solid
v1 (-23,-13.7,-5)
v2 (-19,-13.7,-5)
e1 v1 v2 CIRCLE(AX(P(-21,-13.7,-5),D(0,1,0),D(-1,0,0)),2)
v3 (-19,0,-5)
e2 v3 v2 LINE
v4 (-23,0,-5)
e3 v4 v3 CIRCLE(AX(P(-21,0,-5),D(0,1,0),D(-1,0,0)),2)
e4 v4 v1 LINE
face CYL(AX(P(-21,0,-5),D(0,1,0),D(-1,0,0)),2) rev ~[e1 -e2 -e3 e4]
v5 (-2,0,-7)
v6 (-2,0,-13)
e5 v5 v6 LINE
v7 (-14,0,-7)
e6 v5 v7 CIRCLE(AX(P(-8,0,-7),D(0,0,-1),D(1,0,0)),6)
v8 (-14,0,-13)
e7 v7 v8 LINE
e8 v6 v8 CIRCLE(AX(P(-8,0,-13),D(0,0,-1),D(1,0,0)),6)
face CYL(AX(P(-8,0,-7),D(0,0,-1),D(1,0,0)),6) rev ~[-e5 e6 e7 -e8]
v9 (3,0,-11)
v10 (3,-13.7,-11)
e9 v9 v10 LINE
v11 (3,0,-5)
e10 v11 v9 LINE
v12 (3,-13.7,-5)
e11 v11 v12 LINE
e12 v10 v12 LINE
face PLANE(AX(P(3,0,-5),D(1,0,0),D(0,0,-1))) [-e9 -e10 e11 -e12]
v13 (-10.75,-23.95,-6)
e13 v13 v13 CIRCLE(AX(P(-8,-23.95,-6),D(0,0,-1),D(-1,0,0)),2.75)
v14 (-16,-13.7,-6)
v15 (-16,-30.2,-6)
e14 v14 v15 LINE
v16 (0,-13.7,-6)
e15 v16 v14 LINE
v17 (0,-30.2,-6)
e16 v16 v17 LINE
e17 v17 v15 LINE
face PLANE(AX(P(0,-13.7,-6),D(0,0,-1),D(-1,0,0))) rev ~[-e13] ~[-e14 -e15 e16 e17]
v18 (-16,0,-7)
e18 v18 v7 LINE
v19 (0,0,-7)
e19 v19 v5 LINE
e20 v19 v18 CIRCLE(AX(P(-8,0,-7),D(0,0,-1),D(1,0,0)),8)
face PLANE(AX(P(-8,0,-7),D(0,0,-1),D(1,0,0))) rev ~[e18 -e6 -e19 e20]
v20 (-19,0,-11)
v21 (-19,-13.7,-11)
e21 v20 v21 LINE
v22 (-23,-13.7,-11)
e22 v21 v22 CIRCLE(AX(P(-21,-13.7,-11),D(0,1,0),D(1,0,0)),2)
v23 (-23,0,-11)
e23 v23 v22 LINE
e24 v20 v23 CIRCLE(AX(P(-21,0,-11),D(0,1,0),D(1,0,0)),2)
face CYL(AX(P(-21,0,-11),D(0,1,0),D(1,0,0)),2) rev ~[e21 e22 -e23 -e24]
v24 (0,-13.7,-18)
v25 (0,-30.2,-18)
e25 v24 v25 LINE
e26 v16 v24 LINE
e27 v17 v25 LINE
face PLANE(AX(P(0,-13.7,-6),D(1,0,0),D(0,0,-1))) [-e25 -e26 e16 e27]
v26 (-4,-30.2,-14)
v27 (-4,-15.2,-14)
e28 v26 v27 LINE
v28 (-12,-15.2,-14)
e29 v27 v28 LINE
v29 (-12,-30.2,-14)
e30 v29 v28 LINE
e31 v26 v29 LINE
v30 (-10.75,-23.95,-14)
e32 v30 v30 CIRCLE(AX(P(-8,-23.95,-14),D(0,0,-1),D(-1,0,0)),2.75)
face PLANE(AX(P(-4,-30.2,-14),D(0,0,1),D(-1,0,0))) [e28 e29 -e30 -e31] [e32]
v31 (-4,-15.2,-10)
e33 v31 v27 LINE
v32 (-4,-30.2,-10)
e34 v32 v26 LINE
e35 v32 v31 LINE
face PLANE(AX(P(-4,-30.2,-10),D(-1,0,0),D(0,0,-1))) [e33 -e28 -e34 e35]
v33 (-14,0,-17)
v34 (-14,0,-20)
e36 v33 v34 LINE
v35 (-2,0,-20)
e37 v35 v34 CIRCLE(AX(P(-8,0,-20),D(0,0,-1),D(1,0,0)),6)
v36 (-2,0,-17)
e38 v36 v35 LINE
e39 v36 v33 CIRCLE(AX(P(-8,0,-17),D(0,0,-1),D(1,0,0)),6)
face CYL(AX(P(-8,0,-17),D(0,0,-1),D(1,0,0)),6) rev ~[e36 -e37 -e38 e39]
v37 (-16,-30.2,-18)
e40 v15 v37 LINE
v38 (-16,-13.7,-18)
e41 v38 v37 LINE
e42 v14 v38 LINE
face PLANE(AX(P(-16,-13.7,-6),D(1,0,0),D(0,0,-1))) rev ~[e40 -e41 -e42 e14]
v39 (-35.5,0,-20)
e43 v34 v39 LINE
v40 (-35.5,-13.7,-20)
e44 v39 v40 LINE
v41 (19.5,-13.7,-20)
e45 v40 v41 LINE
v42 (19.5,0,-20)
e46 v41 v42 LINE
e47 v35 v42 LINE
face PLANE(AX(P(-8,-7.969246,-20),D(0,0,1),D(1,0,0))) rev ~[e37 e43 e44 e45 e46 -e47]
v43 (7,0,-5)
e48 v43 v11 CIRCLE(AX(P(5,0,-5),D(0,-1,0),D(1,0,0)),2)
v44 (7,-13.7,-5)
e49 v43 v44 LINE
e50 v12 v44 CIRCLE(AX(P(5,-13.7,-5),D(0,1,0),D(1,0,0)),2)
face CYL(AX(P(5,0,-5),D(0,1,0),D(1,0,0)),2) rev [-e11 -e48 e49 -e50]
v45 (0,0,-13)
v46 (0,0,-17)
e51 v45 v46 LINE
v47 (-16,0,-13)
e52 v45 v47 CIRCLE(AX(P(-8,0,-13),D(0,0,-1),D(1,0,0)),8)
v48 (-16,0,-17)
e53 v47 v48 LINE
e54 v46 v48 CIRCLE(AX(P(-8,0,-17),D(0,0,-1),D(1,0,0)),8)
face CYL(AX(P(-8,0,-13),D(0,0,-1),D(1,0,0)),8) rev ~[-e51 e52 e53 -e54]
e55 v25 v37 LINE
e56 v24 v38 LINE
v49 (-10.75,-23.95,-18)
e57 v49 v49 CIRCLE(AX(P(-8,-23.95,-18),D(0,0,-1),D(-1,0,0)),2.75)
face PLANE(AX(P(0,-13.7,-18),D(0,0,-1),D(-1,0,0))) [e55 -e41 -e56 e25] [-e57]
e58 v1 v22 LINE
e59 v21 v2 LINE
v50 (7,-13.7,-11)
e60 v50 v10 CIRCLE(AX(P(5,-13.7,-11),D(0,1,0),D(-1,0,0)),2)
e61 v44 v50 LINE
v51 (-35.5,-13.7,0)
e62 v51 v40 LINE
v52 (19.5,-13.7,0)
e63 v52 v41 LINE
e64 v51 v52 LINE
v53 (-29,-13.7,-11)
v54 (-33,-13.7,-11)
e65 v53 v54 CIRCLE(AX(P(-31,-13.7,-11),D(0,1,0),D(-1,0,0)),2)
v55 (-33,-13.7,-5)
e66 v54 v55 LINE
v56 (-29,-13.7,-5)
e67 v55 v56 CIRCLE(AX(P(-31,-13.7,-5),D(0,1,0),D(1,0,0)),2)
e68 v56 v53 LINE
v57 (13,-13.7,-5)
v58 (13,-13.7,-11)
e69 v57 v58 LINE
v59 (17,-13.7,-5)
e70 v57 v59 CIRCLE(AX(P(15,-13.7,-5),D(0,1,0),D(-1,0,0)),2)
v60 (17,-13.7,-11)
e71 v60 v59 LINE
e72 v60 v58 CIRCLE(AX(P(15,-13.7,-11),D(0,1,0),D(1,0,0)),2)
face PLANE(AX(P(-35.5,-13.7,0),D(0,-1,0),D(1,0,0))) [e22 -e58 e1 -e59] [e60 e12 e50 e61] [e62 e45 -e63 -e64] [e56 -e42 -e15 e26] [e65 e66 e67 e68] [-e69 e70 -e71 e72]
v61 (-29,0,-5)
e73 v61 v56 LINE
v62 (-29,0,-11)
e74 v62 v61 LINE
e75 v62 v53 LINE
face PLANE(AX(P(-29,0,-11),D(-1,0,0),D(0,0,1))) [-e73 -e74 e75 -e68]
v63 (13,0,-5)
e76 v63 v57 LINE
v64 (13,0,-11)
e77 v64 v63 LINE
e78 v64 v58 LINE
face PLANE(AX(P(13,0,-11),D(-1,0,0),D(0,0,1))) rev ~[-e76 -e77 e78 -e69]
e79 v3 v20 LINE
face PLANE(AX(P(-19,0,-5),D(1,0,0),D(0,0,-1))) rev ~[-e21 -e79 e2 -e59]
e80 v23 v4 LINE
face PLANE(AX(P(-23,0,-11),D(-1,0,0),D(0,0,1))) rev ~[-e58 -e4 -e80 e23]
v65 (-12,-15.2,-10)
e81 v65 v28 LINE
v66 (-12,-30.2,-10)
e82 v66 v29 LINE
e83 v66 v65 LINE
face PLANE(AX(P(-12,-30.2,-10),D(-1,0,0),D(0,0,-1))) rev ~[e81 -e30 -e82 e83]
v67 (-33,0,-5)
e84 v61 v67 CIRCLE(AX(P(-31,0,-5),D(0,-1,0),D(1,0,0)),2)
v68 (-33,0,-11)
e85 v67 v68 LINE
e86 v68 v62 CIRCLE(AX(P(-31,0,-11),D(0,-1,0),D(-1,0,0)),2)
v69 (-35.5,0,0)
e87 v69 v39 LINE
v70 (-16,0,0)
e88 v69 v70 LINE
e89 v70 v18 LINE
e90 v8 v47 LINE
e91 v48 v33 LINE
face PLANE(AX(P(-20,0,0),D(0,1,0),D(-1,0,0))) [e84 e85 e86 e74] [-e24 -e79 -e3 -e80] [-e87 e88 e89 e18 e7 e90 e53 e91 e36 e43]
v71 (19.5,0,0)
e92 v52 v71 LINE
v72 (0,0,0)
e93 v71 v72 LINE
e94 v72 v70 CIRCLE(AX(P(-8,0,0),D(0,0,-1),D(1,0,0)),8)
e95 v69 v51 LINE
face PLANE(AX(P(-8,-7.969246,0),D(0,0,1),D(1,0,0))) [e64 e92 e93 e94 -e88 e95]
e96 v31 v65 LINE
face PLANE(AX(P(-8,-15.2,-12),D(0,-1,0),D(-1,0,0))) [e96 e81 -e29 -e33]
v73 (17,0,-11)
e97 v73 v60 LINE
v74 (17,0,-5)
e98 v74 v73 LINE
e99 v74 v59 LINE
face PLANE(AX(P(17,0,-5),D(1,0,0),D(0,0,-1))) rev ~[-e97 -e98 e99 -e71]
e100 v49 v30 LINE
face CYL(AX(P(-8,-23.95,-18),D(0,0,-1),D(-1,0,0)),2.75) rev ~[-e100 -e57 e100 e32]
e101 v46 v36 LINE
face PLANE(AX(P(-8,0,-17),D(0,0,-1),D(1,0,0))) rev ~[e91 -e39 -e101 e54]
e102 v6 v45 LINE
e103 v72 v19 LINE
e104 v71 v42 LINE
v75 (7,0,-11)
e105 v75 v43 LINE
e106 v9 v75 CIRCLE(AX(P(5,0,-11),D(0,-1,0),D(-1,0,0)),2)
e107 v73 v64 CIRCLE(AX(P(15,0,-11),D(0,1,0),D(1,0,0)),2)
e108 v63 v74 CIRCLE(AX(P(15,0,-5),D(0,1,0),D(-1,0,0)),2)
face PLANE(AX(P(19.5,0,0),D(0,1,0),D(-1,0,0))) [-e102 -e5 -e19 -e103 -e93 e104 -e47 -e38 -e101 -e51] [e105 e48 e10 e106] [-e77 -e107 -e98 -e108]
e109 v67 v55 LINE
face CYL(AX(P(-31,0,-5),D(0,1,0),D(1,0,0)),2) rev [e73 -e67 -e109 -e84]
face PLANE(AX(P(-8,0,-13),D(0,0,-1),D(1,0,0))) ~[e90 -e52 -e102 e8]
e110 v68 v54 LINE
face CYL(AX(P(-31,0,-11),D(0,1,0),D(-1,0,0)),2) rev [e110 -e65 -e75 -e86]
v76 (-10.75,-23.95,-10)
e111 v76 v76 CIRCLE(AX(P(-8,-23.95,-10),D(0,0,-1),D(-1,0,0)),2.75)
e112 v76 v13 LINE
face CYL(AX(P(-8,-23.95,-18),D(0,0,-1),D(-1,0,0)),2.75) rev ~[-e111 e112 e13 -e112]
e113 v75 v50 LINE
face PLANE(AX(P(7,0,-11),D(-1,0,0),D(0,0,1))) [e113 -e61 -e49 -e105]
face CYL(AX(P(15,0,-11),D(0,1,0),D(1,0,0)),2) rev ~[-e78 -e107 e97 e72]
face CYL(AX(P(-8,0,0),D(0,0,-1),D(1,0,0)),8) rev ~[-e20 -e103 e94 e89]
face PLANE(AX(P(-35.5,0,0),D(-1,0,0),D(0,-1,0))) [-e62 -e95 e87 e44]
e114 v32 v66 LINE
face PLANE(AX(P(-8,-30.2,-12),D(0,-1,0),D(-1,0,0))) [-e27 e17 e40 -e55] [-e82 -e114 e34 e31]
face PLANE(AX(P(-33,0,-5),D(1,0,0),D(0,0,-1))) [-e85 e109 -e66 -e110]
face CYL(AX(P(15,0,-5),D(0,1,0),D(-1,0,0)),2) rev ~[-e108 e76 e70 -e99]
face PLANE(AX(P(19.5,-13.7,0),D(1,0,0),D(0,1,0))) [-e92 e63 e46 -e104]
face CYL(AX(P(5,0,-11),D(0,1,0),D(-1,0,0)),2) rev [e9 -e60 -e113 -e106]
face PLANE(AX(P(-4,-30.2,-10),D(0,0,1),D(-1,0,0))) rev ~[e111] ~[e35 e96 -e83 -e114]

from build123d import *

# Parameters (mm, degrees)
REVOLVE1_ANGLE      = 180
BOSS_EXTRUDE4_START = -20
BOSS_EXTRUDE4_DEPTH = 20
CUT_EXTRUDE4_DEPTH  = 20
SKETCH12_W          = 16
SKETCH12_H          = 12
BOSS_EXTRUDE6_DEPTH = 16.5
SKETCH13_W          = 8
SKETCH13_H          = 4
CUT_EXTRUDE6_DEPTH  = 15
SKETCH14_R          = 2.75
CUT_EXTRUDE7_DEPTH  = 15


with BuildPart() as part:
    # Sketch1 → Revolve1 (revolve)
    with BuildSketch(Plane(origin=(0, 0, 0), x_dir=(1, 0, 0), z_dir=(0, 1, 0))):
        Polygon((0, 0), (0, 7), (-2, 7), (-2, 13), (0, 13), (0, 17), (-2, 17), (-2, 20), (4, 20), (4, 17), (4, 0), align=None)
    revolve(axis=Axis((-8, 0, 0), (0, 0, -1)), revolution_arc=REVOLVE1_ANGLE)

    # Sketch8 → Boss-Extrude4 (add)
    with BuildSketch(Plane(origin=(0, 0, -20), x_dir=(-1, 0, 0), z_dir=(0, 0, -1)).offset(BOSS_EXTRUDE4_START)):
        with BuildLine():
            Line((20, 0), (35.5, 0))
            Line((35.5, 0), (35.5, -13.7))
            Line((35.5, -13.7), (-19.5, -13.7))
            Line((-19.5, -13.7), (-19.5, 0))
            Line((-19.5, 0), (-4, 0))
            ThreePointArc((-4, 0), (8, -12), (20, 0))
        make_face()
    extrude(amount=BOSS_EXTRUDE4_DEPTH)

    # Sketch9 → Cut-Extrude4 (cut)
    with BuildSketch(Plane(origin=(0, 0, 0), x_dir=(1, 0, 0), z_dir=(0, 1, 0))):
        with BuildLine():
            Line((-33, 5), (-33, 11))
            ThreePointArc((-33, 11), (-31, 13), (-29, 11))
            Line((-29, 11), (-29, 5))
            ThreePointArc((-29, 5), (-31, 3), (-33, 5))
        make_face()
        with BuildLine():
            Line((-19, 5), (-19, 11))
            ThreePointArc((-19, 11), (-21, 13), (-23, 11))
            Line((-23, 11), (-23, 5))
            ThreePointArc((-23, 5), (-21, 3), (-19, 5))
        make_face()
        with BuildLine():
            Line((3, 5), (3, 11))
            ThreePointArc((3, 11), (5, 13), (7, 11))
            Line((7, 11), (7, 5))
            ThreePointArc((7, 5), (5, 3), (3, 5))
        make_face()
        with BuildLine():
            Line((17, 5), (17, 11))
            ThreePointArc((17, 11), (15, 13), (13, 11))
            Line((13, 11), (13, 5))
            ThreePointArc((13, 5), (15, 3), (17, 5))
        make_face()
    extrude(amount=-CUT_EXTRUDE4_DEPTH, mode=Mode.SUBTRACT)

    # Sketch12 → Boss-Extrude6 (add)
    with BuildSketch(Plane(origin=(0, -13.7, 0), x_dir=(-1, 0, 0), z_dir=(0, -1, 0))):
        with Locations((8, 12)):
            Rectangle(SKETCH12_W, SKETCH12_H)
    extrude(amount=BOSS_EXTRUDE6_DEPTH)

    # Sketch13 → Cut-Extrude6 (cut)
    with BuildSketch(Plane(origin=(0, -30.2, 0), x_dir=(-1, 0, 0), z_dir=(0, -1, 0))):
        with Locations((8, 12)):
            Rectangle(SKETCH13_W, SKETCH13_H)
    extrude(amount=-CUT_EXTRUDE6_DEPTH, mode=Mode.SUBTRACT)

    # Sketch14 → Cut-Extrude7 (cut)
    with BuildSketch(Plane(origin=(0, 0, -18), x_dir=(-1, 0, 0), z_dir=(0, 0, -1))):
        with Locations((8, -23.95)):
            Circle(SKETCH14_R)
    extrude(amount=-CUT_EXTRUDE7_DEPTH, mode=Mode.SUBTRACT)


solid = part.part
